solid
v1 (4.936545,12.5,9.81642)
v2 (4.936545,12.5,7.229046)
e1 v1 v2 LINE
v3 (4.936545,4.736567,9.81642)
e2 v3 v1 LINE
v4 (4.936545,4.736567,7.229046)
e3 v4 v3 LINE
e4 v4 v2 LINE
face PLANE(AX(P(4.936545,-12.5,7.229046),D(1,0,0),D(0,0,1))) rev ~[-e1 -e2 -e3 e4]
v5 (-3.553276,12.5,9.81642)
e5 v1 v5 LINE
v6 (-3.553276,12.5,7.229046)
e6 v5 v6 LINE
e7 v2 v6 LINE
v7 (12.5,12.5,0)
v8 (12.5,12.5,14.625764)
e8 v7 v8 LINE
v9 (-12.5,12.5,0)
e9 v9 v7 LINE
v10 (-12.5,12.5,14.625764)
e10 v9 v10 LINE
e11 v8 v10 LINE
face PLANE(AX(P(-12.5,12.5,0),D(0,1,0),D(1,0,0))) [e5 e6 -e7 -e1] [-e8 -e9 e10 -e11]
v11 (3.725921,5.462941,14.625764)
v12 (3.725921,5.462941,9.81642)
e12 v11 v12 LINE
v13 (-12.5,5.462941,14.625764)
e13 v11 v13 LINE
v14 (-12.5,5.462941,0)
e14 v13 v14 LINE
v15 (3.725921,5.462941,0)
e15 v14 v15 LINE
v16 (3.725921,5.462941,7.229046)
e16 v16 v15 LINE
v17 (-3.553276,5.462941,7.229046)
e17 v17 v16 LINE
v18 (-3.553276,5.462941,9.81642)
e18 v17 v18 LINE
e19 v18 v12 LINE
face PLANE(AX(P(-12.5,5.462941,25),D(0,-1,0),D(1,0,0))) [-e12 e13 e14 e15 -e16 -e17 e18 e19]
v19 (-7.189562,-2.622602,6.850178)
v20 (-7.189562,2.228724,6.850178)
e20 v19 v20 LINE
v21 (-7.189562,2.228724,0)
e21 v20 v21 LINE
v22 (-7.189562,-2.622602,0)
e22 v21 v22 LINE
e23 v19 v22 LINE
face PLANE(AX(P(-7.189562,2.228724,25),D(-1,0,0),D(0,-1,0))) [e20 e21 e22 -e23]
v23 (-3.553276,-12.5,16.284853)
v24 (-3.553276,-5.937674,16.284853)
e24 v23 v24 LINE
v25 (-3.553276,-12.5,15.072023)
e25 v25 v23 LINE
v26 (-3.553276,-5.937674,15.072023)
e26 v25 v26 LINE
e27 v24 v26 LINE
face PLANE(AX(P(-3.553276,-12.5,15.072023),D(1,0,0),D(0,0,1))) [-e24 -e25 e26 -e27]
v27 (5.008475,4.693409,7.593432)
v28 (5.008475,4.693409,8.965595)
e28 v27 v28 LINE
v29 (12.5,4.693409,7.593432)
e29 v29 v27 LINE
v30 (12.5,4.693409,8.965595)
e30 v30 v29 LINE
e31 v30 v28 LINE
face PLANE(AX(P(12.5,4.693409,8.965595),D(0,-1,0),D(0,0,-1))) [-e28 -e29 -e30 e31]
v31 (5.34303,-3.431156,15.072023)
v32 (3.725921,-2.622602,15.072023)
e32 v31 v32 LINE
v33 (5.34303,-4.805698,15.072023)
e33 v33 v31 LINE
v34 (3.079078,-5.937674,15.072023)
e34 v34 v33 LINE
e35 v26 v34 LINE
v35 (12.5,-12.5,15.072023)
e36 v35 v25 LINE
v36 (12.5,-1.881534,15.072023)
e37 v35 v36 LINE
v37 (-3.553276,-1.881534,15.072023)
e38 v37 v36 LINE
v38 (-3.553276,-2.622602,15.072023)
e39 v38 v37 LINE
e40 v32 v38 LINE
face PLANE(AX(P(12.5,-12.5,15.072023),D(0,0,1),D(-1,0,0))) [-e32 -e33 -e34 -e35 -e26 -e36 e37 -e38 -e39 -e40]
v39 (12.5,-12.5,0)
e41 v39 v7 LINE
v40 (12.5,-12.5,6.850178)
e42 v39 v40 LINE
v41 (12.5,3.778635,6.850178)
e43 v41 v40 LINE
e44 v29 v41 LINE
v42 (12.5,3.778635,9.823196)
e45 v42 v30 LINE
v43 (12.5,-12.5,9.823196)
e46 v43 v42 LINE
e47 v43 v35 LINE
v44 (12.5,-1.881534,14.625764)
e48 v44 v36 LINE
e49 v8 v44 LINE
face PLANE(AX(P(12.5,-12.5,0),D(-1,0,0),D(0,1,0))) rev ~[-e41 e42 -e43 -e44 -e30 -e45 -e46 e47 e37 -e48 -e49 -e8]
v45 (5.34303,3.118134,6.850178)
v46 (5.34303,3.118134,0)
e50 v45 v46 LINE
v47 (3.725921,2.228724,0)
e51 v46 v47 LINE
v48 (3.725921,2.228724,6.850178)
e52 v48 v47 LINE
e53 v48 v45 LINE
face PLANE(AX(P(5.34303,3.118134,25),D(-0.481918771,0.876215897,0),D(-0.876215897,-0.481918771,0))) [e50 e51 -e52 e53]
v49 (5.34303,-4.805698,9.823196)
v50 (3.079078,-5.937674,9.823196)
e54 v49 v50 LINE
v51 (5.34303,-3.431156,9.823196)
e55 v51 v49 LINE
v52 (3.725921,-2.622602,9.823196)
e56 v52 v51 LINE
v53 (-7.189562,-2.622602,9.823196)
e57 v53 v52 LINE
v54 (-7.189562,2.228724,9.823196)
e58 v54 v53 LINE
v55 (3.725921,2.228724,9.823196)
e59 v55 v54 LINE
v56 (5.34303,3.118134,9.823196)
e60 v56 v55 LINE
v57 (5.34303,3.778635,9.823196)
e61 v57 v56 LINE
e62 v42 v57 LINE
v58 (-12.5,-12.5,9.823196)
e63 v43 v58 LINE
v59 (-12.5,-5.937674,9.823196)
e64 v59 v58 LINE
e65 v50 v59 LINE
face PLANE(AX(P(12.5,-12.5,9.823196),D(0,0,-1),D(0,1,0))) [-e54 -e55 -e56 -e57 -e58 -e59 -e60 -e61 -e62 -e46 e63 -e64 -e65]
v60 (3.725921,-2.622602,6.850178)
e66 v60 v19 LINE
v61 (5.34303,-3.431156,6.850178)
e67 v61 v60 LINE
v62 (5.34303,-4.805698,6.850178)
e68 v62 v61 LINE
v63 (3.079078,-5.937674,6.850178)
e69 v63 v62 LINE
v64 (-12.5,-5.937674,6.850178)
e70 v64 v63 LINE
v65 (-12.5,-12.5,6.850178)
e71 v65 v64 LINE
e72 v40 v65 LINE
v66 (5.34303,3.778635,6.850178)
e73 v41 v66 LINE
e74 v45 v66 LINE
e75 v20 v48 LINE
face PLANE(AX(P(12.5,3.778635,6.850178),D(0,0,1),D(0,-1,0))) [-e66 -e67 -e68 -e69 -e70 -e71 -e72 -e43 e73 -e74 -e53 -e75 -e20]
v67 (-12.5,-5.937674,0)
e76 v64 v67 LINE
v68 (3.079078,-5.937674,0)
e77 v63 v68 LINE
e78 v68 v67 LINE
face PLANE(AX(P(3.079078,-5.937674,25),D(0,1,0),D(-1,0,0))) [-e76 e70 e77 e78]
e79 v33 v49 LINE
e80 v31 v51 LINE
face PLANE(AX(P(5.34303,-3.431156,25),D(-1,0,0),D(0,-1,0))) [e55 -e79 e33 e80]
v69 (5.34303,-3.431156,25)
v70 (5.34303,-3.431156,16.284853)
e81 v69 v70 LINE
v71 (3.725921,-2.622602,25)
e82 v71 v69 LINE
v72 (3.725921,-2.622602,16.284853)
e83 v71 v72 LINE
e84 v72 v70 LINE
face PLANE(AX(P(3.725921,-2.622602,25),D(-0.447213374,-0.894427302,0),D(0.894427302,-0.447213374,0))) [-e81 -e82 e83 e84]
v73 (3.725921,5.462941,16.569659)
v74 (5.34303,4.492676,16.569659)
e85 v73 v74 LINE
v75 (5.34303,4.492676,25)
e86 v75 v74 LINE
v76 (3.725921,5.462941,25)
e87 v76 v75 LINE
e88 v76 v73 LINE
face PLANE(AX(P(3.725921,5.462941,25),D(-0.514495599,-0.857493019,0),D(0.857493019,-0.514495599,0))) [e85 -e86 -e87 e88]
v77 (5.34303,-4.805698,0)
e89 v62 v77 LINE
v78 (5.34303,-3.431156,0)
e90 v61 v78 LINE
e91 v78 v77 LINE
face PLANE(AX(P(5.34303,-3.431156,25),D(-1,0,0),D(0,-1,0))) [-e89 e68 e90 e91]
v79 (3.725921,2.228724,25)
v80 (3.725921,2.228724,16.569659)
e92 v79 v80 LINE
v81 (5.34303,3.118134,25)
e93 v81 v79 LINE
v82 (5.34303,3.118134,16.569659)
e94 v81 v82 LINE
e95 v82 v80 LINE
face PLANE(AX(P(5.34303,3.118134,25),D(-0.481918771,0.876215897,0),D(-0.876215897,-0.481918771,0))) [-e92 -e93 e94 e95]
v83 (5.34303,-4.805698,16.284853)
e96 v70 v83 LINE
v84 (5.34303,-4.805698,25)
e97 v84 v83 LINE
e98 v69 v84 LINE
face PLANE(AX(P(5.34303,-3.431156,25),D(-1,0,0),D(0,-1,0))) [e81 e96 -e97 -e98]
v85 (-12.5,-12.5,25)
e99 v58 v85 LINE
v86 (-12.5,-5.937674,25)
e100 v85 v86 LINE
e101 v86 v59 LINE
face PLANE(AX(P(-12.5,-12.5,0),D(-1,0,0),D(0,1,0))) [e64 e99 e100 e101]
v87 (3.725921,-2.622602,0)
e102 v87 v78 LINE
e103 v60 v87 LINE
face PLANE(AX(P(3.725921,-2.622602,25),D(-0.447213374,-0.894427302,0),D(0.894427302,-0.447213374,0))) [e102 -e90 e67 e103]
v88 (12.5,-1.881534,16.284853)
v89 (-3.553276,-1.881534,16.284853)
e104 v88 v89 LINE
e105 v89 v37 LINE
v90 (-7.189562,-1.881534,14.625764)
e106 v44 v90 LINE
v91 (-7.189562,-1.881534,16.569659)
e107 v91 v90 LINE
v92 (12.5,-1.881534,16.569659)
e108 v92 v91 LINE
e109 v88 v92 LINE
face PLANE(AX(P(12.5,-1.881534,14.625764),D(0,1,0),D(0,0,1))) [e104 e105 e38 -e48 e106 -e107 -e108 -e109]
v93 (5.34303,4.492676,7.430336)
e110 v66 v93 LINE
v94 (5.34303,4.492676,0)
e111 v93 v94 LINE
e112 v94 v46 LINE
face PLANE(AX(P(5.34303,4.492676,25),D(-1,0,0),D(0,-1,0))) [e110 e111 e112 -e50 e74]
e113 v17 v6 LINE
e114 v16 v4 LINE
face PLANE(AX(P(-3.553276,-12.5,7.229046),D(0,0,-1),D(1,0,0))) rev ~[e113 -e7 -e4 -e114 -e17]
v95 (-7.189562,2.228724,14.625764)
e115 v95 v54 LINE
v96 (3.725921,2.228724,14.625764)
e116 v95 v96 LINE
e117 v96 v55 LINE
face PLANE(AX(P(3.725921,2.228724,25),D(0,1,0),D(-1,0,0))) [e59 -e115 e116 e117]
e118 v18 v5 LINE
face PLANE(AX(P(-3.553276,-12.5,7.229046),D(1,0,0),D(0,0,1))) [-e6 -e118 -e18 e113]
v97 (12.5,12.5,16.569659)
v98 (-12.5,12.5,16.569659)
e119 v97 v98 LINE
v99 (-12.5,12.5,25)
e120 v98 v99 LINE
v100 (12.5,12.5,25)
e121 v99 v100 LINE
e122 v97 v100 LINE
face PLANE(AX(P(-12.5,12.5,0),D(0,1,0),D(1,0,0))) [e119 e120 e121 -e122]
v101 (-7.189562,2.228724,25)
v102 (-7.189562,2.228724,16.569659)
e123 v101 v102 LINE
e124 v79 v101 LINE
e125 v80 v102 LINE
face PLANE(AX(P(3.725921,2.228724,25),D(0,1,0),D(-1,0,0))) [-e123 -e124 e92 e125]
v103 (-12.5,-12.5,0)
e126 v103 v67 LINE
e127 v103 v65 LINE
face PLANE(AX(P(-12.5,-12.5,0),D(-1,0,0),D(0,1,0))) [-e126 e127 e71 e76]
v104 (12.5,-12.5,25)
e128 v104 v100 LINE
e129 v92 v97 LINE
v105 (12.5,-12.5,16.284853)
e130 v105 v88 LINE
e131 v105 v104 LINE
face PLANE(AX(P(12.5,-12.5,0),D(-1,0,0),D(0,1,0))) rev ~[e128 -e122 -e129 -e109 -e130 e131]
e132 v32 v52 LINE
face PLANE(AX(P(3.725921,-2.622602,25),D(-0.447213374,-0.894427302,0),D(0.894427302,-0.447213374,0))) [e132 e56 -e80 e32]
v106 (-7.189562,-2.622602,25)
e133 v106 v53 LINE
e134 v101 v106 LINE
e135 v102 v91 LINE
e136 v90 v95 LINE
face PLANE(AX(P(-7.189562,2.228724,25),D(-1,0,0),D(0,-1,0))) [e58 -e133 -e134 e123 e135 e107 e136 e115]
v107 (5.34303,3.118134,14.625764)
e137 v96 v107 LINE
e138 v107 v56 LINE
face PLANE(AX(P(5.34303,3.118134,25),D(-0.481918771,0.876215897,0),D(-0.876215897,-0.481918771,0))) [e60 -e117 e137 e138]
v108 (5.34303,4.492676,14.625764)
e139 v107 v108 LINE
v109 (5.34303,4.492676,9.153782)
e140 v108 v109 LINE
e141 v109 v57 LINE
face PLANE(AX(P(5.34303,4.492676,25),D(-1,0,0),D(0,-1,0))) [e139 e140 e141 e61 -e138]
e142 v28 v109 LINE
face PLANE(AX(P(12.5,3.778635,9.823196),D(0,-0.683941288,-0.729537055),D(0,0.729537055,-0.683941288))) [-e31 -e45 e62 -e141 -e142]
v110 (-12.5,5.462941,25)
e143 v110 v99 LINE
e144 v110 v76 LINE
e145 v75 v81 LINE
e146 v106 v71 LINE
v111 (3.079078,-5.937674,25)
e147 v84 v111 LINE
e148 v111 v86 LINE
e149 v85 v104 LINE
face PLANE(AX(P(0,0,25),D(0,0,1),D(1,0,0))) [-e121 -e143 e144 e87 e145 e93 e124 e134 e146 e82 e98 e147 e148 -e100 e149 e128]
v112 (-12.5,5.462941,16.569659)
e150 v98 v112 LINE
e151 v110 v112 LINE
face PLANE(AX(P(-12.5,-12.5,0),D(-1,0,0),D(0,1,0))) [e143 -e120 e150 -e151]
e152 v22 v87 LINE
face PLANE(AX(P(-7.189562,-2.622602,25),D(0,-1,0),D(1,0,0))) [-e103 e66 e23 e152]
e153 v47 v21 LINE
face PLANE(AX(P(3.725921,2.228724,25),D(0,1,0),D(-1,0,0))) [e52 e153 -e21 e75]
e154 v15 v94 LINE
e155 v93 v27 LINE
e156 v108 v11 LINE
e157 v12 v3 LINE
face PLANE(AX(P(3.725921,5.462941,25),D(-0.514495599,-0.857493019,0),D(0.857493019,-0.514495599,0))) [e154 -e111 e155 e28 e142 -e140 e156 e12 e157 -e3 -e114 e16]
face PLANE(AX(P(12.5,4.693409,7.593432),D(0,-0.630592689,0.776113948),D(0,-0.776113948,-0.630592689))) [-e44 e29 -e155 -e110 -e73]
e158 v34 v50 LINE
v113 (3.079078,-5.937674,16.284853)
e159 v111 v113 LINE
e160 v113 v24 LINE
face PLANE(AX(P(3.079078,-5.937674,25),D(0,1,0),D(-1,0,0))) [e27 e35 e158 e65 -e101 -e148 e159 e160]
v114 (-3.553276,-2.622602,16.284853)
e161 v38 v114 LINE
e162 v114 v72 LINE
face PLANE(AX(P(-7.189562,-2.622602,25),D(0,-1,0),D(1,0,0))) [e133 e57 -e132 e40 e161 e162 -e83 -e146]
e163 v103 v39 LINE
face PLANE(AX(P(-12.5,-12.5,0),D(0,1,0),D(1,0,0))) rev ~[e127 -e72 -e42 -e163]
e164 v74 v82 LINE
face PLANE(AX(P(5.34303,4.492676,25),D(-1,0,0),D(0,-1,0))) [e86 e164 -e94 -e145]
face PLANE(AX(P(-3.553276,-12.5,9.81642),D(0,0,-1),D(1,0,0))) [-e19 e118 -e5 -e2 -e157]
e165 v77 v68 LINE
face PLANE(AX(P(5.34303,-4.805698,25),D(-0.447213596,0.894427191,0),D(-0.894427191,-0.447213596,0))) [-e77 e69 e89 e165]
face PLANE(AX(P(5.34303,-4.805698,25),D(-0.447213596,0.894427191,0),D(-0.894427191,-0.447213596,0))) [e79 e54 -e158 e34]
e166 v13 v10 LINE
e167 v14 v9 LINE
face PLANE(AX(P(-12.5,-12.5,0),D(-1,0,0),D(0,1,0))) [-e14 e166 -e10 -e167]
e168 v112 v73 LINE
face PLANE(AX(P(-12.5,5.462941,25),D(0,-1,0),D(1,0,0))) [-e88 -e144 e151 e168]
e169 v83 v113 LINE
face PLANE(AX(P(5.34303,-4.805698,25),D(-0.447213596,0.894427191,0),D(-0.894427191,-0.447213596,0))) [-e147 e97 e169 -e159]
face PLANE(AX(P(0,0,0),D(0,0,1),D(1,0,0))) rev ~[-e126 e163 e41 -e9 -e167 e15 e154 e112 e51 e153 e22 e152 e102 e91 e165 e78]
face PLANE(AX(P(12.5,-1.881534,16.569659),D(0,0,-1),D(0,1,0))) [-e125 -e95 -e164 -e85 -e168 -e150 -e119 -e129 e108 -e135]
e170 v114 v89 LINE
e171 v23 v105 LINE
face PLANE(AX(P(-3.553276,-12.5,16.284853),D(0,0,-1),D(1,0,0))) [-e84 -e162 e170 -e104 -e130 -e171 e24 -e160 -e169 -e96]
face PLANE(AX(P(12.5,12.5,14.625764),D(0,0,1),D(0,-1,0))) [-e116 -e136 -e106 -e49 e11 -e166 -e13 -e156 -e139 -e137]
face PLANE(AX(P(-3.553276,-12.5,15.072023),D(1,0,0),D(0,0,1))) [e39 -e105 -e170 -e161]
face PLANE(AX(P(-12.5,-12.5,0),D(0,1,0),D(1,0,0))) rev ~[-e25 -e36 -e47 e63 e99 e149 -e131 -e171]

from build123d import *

# Parameters (mm, degrees)
F0_W     = 25
F0_H     = 25
F1_DEPTH = 25
F5_DEPTH = 32.1
F6_DEPTH = 40.6
F2_W     = 8.489821
F2_H     = 2.587373
F7_DEPTH = 45.1


with BuildPart() as f1:
    # F0 (on Top) → F1 (new body)
    with BuildSketch(Plane.XY):
        Rectangle(F0_W, F0_H)
    extrude(amount=F1_DEPTH)

    # F4 (on face) → F5 (intersect)
    with BuildSketch(Plane.XY.offset(25)):
        Polygon((12.5, 12.5), (-12.5, 12.5), (-12.5, 5.462941), (3.725921, 5.462941), (5.34303, 4.492676), (5.34303, 3.118134), (3.725921, 2.228724), (-7.189562, 2.228724), (-7.189562, -2.622602), (3.725921, -2.622602), (5.34303, -3.431156), (5.34303, -4.805698), (3.079078, -5.937674), (-12.5, -5.937674), (-12.5, -12.5), (12.5, -12.5), align=None)
    extrude(amount=-F5_DEPTH, mode=Mode.INTERSECT)

    # F3 (on face) → F6 (intersect)
    with BuildSketch(Plane.YZ.offset(12.5)):
        Polygon((12.5, 16.569659), (12.5, 25), (-12.5, 25), (-12.5, 9.823196), (3.778635, 9.823196), (4.693409, 8.965595), (4.693409, 7.593432), (3.778635, 6.850178), (-12.5, 6.850178), (-12.5, 0), (12.5, 0), (12.5, 14.625764), (-1.881534, 14.625764), (-1.881534, 16.569659), align=None)
    extrude(amount=-F6_DEPTH, mode=Mode.INTERSECT)

    # F2 (on face) → F7 (intersect)
    with BuildSketch(Plane.XZ.offset(12.5)):
        Polygon((12.5, 16.284853), (12.5, 25), (-12.5, 25), (-12.5, 0), (12.5, 0), (12.5, 15.072023), (-3.553276, 15.072023), (-3.553276, 16.284853), align=None)
        with Locations((0.691634, 8.522733)):
            Rectangle(F2_W, F2_H, mode=Mode.SUBTRACT)
    extrude(amount=-F7_DEPTH, mode=Mode.INTERSECT)


solid = f1.part
